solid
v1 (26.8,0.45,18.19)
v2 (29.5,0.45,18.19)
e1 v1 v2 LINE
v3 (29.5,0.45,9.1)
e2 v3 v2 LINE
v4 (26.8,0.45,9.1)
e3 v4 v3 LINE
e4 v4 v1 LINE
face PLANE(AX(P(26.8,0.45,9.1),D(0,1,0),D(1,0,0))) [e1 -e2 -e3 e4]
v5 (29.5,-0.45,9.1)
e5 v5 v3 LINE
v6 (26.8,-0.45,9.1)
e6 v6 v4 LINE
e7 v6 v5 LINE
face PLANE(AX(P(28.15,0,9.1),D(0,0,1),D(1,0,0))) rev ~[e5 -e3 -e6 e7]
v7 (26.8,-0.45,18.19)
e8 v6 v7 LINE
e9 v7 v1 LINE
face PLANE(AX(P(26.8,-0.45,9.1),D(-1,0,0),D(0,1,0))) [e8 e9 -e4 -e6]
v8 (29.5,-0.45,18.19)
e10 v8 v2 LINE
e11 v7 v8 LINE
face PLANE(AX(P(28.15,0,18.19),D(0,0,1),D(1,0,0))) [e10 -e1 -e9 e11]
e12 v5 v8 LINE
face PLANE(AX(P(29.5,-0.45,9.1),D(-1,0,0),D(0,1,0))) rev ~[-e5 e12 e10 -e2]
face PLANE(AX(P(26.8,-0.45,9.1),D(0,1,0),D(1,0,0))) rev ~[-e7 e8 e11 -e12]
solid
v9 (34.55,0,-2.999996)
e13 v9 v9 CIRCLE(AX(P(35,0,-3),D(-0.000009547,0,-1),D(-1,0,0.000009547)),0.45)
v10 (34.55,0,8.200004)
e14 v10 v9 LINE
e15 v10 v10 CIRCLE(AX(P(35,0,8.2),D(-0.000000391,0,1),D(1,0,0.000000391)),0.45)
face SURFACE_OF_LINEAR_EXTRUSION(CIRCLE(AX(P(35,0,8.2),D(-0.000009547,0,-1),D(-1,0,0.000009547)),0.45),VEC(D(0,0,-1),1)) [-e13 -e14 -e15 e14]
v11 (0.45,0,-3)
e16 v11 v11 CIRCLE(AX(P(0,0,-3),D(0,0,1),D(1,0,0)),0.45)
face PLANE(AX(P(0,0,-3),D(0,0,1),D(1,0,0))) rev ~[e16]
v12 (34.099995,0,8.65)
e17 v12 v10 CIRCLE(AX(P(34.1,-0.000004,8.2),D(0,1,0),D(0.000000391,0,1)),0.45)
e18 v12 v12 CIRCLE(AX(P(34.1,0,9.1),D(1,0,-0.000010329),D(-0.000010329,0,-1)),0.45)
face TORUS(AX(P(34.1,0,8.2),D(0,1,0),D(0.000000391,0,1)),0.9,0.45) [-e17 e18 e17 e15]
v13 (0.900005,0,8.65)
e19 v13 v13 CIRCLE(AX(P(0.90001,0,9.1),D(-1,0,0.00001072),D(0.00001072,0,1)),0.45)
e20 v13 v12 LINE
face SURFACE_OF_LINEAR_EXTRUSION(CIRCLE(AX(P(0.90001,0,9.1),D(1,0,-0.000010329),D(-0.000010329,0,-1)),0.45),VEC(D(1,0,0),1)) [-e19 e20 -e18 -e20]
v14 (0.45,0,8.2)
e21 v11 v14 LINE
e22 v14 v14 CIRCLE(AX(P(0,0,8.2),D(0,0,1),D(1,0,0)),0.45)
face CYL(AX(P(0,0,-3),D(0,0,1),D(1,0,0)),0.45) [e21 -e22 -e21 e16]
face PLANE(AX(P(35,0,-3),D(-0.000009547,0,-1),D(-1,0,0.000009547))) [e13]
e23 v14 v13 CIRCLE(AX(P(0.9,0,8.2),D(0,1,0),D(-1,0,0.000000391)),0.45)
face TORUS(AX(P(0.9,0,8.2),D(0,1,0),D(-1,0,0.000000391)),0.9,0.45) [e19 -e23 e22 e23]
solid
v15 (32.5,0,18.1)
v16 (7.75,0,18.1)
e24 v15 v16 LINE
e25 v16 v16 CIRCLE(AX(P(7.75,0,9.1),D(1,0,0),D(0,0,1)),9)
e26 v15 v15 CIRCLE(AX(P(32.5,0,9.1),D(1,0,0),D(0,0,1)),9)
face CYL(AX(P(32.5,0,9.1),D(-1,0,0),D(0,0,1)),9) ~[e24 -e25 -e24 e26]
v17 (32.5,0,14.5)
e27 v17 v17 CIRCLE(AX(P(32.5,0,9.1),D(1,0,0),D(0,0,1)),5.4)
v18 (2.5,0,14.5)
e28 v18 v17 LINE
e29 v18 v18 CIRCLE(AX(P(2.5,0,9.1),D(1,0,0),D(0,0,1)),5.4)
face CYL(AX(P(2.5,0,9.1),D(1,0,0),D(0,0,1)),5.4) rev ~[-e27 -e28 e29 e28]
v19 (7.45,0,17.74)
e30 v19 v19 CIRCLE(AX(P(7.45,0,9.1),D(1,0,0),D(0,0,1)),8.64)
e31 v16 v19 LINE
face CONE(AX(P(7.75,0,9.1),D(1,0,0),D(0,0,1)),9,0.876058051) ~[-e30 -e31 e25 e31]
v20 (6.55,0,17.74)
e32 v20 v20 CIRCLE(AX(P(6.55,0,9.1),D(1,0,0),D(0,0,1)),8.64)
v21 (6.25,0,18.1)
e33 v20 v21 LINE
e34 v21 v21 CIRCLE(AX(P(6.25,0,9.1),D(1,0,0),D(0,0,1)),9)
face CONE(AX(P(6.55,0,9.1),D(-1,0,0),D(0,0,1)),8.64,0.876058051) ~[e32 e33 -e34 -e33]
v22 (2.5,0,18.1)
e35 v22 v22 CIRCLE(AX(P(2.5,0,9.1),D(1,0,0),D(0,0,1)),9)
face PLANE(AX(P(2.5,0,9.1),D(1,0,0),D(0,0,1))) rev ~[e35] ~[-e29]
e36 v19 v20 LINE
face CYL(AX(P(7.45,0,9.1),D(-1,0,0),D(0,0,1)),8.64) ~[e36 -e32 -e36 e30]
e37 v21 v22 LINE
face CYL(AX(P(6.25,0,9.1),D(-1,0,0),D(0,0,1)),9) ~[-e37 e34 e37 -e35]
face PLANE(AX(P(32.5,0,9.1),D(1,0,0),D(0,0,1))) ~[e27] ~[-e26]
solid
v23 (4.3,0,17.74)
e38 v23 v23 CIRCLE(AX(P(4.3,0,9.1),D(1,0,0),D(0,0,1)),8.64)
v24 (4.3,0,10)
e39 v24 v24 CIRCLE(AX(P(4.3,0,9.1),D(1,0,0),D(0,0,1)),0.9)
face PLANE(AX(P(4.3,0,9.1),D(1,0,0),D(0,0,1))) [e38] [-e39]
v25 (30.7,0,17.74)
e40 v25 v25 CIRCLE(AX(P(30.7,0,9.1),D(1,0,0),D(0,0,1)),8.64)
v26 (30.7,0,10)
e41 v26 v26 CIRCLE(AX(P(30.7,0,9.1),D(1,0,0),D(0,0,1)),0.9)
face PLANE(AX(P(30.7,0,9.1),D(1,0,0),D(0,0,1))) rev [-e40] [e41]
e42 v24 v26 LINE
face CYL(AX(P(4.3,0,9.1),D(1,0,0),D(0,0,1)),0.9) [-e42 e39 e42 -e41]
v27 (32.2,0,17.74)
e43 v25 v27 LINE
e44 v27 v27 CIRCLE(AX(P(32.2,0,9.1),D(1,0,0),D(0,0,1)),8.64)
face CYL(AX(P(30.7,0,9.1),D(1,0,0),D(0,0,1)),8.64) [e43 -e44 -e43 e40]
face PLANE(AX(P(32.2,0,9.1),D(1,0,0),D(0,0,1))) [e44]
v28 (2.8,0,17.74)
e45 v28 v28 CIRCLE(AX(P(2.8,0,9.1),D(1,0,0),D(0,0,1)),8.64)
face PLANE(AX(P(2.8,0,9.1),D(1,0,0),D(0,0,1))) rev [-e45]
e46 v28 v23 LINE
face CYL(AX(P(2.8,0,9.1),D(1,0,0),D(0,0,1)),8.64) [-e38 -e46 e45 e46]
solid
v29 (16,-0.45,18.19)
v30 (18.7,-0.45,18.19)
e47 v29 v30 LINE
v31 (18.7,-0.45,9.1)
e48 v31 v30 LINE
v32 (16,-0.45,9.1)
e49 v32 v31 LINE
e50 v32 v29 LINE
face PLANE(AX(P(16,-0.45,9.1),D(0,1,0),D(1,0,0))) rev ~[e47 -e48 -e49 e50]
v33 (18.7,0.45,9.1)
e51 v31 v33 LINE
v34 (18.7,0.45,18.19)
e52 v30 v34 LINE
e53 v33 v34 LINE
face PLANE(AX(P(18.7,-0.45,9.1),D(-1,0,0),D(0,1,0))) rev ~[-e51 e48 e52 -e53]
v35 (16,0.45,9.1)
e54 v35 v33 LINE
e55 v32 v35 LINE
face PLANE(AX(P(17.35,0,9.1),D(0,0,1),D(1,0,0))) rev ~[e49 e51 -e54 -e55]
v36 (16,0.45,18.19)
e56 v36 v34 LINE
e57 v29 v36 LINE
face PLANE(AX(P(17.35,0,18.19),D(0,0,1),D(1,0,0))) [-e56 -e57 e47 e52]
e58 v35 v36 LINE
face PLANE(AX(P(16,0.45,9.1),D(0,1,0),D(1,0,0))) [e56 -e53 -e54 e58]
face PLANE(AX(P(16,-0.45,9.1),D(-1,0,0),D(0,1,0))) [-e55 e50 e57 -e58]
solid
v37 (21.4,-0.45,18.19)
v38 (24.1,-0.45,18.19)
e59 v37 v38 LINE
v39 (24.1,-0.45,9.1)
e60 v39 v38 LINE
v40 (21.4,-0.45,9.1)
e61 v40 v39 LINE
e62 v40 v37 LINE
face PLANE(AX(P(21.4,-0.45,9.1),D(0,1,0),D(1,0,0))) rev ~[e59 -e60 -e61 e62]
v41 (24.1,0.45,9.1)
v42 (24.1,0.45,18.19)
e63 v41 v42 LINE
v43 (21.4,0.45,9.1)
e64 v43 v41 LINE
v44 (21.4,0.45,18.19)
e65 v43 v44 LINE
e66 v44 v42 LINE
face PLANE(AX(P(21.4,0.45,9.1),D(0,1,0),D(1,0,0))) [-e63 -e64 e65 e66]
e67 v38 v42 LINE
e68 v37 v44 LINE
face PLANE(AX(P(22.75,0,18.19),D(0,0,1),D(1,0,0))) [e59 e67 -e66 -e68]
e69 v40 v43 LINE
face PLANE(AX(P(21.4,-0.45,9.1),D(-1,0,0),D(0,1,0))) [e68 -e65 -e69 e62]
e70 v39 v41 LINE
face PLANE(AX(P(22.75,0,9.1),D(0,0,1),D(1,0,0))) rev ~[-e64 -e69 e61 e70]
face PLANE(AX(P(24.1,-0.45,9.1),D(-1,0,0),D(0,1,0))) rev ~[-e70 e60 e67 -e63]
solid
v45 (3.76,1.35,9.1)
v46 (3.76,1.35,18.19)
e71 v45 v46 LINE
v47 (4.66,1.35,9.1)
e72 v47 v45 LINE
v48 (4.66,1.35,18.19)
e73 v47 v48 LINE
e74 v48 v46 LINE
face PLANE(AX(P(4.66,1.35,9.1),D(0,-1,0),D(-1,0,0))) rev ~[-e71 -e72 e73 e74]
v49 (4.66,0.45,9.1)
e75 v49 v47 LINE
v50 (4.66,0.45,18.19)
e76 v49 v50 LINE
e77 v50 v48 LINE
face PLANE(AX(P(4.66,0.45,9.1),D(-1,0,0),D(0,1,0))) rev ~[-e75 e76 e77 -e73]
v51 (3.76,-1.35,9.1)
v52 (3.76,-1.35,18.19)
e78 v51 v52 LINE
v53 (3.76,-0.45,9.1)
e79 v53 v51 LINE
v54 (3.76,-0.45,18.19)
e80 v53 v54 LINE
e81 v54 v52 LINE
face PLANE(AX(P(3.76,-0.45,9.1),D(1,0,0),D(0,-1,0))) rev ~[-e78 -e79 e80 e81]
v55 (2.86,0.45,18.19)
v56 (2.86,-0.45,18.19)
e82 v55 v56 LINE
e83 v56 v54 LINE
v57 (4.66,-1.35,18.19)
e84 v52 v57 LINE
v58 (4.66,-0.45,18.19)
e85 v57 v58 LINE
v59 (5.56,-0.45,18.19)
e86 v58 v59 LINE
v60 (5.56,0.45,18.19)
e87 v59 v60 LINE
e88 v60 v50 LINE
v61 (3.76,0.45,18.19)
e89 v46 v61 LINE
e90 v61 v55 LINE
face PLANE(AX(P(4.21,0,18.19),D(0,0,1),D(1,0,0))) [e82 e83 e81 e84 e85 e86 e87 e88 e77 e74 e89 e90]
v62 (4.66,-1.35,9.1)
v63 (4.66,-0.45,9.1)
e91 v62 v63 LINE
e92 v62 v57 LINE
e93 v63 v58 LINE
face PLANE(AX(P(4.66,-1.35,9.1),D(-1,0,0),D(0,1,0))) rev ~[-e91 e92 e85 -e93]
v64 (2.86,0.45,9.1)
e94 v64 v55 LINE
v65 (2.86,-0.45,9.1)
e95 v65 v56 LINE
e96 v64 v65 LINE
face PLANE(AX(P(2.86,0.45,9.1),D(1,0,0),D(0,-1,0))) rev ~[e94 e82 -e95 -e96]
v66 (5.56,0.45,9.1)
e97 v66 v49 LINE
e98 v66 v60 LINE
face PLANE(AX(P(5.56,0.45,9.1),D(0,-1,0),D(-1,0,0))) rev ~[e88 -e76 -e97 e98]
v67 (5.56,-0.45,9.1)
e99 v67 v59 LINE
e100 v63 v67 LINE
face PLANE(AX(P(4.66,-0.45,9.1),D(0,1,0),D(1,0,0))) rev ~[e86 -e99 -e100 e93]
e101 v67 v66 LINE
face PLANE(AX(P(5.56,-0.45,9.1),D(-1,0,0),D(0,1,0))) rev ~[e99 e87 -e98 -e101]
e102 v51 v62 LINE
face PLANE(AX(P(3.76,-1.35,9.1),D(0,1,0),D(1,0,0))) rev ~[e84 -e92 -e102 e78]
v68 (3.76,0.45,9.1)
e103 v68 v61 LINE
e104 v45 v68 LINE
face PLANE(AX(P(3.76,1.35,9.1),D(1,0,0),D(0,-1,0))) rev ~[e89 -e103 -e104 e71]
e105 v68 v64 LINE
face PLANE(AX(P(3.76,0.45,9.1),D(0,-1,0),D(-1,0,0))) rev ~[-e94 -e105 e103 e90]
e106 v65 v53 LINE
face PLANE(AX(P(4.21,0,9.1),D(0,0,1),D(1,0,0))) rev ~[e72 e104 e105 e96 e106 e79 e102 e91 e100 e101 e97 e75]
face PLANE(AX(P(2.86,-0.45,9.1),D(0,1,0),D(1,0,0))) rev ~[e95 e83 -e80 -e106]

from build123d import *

# Parameters (mm, degrees)
SKETCH_R    = 0.45
SKETCH004_W = 2.7
SKETCH004_H = 0.9
PAD_DEPTH   = 9.09


with BuildPart() as sweep_body:
    # Sweep: sweep along a path in Sketch001
    with BuildLine(Plane.XZ) as sweep_path:
        Line((0, -3), (0, 8.2))
        ThreePointArc((0, 8.2), (0.263607, 8.836399), (0.90001, 9.1))
        Line((0.90001, 9.1), (34.1, 9.1))
        ThreePointArc((34.1, 9.1), (34.736396, 8.836396), (35, 8.2))
        Line((35, 8.2), (35, -3))
    # Sketch → Sweep (sweep)
    with BuildSketch(Plane.XY.offset(-2)):
        Circle(SKETCH_R)
    sweep(path=sweep_path.line)


with BuildPart() as revolution:
    # Sketch002 → Revolution (revolve)
    with BuildSketch(Plane.XZ):
        Polygon((2.5, 18.1), (2.5, 14.5), (32.5, 14.5), (32.5, 18.1), (7.75, 18.1), (7.45, 17.74), (6.55, 17.74), (6.25, 18.1), align=None)
    revolve(axis=Axis((6.97588, 0, 9.1), (1, 0, 0)))


with BuildPart() as revolution001:
    # Sketch003 → Revolution001 (revolve)
    with BuildSketch(Plane.XZ):
        Polygon((2.8, 17.74), (4.3, 17.74), (4.3, 10), (30.7, 10), (30.7, 17.74), (32.2, 17.74), (32.2, 9.1), (2.8, 9.1), align=None)
    revolve(axis=Axis((6.97588, 0, 9.1), (1, 0, 0)))


with BuildPart() as pad:
    # Sketch004 → Pad (new body)
    with BuildSketch(Plane.XY.offset(9.1)):
        with Locations((28.15, 0)):
            Rectangle(SKETCH004_W, SKETCH004_H)
        with Locations((22.75, 0)):
            Rectangle(SKETCH004_W, SKETCH004_H)
        with Locations((17.35, 0)):
            Rectangle(SKETCH004_W, SKETCH004_H)
        Polygon((3.76, 0.45), (2.86, 0.45), (2.86, -0.45), (3.76, -0.45), (3.76, -1.35), (4.66, -1.35), (4.66, -0.45), (5.56, -0.45), (5.56, 0.45), (4.66, 0.45), (4.66, 1.35), (3.76, 1.35), align=None)
    extrude(amount=PAD_DEPTH)


solid = Compound([sweep_body.part, revolution.part, revolution001.part, pad.part])
